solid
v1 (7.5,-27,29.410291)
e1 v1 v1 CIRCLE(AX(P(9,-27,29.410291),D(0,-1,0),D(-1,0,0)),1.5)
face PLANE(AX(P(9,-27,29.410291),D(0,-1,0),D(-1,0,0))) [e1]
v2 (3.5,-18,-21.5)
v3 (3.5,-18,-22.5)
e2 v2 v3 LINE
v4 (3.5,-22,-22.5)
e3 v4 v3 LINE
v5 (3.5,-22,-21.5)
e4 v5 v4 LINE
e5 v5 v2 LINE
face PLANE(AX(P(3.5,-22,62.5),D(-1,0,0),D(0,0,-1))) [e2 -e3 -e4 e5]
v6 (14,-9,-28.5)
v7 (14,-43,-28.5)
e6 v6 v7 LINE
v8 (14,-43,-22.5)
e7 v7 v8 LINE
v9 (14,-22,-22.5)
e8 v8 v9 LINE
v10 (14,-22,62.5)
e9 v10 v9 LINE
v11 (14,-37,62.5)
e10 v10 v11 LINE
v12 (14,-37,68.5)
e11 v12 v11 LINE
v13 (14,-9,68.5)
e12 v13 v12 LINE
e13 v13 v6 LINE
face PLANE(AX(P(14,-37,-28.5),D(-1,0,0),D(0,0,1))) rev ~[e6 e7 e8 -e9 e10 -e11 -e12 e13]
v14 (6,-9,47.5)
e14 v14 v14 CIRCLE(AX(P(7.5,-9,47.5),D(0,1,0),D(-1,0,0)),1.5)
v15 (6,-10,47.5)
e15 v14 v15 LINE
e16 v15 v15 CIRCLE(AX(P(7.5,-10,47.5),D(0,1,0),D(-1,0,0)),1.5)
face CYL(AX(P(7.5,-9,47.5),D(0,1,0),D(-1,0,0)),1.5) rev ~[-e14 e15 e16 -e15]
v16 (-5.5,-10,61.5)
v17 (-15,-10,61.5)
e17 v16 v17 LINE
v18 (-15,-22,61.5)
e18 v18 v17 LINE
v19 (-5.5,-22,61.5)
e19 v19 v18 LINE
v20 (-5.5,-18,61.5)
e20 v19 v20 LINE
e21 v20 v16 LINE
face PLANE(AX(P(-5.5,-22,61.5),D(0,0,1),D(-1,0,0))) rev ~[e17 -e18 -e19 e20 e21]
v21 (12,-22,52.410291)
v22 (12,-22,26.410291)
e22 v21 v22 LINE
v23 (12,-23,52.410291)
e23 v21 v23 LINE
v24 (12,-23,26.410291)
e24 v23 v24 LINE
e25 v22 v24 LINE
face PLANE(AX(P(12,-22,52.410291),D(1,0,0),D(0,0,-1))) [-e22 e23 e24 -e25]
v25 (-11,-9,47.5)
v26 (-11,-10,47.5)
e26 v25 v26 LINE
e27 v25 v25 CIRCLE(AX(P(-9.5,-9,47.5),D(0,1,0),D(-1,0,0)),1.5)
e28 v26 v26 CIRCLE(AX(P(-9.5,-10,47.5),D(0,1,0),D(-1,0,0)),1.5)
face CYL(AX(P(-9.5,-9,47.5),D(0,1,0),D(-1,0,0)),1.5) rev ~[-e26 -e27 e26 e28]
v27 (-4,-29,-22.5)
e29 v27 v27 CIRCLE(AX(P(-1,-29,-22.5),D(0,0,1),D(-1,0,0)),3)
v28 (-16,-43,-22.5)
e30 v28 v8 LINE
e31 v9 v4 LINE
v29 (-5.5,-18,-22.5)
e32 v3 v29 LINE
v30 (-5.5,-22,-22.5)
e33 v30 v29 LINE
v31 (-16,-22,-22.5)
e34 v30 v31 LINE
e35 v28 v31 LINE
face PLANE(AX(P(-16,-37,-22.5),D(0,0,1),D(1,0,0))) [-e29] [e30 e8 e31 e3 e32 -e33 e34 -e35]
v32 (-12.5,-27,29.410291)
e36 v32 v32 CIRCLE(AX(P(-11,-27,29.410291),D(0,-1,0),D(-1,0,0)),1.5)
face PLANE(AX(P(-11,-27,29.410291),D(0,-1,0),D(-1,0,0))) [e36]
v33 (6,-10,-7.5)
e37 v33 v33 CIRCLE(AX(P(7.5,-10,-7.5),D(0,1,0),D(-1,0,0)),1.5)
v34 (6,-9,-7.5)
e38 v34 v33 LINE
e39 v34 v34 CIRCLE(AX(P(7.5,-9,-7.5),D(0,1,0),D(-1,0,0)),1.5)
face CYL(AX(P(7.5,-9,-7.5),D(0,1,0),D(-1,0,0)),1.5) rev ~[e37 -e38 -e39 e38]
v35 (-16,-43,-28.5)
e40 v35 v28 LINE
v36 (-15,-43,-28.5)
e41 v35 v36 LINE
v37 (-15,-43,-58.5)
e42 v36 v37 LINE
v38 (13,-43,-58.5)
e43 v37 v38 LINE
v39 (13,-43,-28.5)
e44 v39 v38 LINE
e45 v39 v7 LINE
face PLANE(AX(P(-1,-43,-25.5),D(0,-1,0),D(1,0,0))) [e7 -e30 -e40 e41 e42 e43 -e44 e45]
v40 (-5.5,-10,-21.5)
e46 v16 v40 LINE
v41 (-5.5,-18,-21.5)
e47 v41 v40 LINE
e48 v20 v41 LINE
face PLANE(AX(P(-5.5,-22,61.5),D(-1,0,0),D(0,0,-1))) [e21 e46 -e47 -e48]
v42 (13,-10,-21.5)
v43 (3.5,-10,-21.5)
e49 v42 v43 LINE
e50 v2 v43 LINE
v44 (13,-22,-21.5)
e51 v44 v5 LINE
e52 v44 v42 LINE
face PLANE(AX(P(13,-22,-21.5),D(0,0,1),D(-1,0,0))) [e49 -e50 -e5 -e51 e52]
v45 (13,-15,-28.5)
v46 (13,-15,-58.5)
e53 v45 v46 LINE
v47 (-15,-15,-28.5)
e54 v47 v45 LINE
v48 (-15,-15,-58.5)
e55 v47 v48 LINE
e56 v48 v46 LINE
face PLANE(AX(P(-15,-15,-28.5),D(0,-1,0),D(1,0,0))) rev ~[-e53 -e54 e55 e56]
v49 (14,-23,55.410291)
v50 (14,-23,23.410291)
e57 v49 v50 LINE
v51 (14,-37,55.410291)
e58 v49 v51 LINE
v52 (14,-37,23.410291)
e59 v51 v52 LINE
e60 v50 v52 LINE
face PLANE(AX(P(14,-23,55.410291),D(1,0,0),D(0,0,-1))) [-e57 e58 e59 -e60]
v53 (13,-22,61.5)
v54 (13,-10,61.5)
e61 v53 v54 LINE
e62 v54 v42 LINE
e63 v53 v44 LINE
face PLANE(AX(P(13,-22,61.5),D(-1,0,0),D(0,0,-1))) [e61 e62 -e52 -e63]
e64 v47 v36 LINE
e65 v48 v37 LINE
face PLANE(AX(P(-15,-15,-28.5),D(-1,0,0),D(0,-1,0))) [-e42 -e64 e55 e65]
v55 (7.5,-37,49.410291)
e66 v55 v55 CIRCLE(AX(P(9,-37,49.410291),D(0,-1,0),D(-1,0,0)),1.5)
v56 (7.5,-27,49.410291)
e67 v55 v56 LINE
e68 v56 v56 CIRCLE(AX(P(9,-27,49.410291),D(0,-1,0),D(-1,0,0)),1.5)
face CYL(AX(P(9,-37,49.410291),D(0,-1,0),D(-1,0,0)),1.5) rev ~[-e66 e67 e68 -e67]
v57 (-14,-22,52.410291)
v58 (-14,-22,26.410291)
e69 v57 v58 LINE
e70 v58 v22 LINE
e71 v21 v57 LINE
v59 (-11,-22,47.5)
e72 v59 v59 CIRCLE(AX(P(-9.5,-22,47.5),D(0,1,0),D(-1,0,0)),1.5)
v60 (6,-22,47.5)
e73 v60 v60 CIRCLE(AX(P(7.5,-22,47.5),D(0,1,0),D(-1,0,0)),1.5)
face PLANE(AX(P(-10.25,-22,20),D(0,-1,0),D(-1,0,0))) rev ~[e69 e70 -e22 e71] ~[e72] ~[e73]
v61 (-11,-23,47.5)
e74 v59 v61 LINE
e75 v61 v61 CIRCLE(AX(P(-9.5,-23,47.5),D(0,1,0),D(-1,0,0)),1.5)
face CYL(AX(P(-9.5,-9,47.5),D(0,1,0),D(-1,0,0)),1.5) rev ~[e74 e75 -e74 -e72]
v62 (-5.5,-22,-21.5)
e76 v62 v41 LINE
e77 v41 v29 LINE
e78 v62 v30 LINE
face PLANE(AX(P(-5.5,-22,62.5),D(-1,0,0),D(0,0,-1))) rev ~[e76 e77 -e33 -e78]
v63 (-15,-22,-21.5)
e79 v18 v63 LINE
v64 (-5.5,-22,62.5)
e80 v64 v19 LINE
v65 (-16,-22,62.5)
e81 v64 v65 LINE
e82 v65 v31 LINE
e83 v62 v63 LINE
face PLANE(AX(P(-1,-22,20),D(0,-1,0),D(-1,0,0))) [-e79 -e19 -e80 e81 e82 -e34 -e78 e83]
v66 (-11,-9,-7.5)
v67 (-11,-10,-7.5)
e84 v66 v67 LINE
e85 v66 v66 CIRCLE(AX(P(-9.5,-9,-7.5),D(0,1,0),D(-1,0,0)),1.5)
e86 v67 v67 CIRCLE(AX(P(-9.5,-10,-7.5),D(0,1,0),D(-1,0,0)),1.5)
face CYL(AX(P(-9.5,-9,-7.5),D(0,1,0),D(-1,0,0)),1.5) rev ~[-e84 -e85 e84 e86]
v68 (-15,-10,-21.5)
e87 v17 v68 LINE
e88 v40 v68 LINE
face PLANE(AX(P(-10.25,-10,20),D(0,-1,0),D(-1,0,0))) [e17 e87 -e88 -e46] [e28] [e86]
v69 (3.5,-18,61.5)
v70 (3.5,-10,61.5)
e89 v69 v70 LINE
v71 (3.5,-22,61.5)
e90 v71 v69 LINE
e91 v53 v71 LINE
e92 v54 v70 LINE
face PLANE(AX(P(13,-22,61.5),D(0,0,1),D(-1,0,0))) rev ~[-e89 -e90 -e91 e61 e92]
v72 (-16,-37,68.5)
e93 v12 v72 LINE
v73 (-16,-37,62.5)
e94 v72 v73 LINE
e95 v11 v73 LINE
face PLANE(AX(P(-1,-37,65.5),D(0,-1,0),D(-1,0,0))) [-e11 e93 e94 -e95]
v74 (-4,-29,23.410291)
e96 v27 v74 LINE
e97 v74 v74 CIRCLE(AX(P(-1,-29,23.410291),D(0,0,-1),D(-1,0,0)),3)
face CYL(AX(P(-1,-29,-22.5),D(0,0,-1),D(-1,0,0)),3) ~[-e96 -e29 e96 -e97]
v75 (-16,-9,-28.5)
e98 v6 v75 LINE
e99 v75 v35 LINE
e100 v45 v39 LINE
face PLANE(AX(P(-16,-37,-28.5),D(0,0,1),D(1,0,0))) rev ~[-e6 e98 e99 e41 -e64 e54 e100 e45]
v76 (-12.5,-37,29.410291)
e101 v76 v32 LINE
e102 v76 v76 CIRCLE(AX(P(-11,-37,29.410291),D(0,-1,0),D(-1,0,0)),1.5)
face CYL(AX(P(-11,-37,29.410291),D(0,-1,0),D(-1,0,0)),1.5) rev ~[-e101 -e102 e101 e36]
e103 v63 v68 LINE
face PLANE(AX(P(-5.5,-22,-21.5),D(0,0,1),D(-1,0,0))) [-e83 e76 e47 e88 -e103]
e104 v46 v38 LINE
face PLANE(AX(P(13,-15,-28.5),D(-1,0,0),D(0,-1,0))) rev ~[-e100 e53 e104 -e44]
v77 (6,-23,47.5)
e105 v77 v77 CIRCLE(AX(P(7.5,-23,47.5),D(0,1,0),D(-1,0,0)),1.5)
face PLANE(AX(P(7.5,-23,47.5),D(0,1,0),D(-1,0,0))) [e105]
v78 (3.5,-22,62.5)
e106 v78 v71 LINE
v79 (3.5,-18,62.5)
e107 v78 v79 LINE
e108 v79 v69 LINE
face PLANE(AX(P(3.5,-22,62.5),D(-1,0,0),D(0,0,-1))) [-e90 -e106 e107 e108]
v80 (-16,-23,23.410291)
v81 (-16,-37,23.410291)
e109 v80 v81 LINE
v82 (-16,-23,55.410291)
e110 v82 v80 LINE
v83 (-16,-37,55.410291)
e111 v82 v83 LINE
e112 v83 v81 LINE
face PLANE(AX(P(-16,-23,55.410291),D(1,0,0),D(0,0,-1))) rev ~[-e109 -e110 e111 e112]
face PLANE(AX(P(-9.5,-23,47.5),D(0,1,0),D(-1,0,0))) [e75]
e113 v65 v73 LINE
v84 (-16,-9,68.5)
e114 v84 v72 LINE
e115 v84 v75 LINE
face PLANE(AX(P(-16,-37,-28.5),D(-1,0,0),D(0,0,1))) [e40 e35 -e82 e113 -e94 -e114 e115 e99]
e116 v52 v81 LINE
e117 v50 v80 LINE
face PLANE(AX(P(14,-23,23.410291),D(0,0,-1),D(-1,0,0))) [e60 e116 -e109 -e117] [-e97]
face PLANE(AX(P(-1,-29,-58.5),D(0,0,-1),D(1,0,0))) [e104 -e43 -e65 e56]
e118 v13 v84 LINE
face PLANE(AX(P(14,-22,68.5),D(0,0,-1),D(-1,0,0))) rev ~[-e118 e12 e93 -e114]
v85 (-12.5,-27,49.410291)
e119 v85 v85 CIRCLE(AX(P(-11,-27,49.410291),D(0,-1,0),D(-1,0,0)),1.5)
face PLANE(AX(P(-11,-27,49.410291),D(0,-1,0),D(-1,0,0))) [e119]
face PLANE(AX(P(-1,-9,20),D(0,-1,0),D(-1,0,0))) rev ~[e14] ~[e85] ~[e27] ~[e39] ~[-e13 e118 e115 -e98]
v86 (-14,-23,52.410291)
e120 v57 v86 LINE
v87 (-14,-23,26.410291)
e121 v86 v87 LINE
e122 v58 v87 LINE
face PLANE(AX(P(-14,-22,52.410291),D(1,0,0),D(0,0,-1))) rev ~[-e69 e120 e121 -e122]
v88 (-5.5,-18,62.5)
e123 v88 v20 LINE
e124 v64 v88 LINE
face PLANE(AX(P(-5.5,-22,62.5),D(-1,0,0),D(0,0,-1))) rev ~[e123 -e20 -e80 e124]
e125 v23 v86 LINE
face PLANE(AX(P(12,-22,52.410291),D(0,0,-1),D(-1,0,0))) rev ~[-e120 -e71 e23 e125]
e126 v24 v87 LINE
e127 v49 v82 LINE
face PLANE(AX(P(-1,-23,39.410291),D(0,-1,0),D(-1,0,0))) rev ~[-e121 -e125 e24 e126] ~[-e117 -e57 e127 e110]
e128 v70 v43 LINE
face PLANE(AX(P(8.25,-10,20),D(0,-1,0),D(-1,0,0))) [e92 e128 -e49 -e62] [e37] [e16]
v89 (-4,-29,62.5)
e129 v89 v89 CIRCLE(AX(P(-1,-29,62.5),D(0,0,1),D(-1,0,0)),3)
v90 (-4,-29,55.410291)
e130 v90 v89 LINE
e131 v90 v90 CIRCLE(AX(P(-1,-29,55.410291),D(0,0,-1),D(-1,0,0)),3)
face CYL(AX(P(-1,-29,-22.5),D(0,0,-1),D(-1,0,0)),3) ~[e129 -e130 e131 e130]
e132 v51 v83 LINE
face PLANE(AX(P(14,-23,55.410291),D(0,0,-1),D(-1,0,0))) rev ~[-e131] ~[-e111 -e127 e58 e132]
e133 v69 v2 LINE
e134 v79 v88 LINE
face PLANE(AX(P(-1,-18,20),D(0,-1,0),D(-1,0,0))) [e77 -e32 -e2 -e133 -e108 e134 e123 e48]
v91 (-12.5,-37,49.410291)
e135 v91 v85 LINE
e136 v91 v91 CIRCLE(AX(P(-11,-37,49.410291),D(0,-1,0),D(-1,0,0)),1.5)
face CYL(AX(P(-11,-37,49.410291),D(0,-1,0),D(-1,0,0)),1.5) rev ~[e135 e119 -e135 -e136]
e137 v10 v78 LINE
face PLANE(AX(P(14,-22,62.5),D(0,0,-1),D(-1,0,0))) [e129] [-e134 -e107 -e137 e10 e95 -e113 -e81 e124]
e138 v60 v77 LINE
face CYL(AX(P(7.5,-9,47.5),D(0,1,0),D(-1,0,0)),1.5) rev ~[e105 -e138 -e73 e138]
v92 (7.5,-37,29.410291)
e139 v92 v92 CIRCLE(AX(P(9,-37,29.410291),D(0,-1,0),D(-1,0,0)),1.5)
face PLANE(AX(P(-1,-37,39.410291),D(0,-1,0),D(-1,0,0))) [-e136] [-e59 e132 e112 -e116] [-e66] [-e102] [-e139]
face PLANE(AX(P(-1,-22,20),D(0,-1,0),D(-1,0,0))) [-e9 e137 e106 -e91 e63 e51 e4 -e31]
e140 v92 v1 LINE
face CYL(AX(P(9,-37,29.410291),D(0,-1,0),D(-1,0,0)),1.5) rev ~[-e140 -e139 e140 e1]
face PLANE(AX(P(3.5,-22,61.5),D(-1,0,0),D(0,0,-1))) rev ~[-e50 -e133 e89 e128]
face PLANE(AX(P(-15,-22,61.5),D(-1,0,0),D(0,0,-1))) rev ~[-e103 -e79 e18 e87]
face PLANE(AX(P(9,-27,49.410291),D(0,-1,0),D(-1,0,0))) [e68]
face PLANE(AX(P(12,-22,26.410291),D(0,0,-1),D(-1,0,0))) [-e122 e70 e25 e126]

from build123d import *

# Parameters (mm, degrees)
SKETCH_W                = 30
SKETCH_H                = 97
PAD_DEPTH               = 13
SKETCH001_W             = 30
SKETCH001_H             = 6
PAD001_DEPTH            = 15
PAD001_FACE5_W          = 30
PAD001_FACE5_H          = 6
PAD002_DEPTH            = 6
SKETCH002_W             = 28
SKETCH002_H             = 28
PAD003_DEPTH            = 30
SKETCH003_W             = 26
SKETCH003_H             = 26
PAD004_DEPTH            = 1
SKETCH004_W             = 30
SKETCH004_H             = 32
PAD005_DEPTH            = 14
SKETCH005_R             = 1.5
POCKET_DEPTH            = 10
SKETCH006_R             = 3
PAD006_DEPTH            = 85
SKETCH007_W             = 9
SKETCH007_H             = 85
POCKET001_DEPTH         = 4
SKETCH008_R             = 1.5
POCKET002_DEPTH         = 14
SKETCH028_W             = 9.5
SKETCH028_H             = 83
POCKET007_DEPTH         = 12
SKETCH029_W             = 9.5
SKETCH029_H             = 83
POCKET008_DEPTH         = 12
BODY001_PLACEMENT_ANGLE = 180


with BuildPart() as part:
    # Sketch → Pad (new body)
    with BuildSketch(Plane.XZ):
        Rectangle(SKETCH_W, SKETCH_H)
    extrude(amount=PAD_DEPTH)

    # Sketch001 (on Face6 of Pad) → Pad001 (join)
    with BuildSketch(Plane.XZ.offset(13)):
        with Locations((0, -45.5)):
            Rectangle(SKETCH001_W, SKETCH001_H)
        with Locations((0, 45.5)):
            Rectangle(SKETCH001_W, SKETCH001_H)
    extrude(amount=PAD001_DEPTH)

    # Pad001 Face5 → Pad002 (add)
    with BuildSketch(Plane(origin=(0, -28, 45.5), x_dir=(-1, 0, 0), z_dir=(0, -1, 0))):
        Rectangle(PAD001_FACE5_W, PAD001_FACE5_H)
    extrude(amount=PAD002_DEPTH)

    # Sketch002 (on Face8 of Pad002) → Pad003 (join)
    with BuildSketch(Plane(origin=(0, 0, 48.5), x_dir=(-1, 0, 0), z_dir=(0, 0, 1))):
        with Locations((0, 20)):
            Rectangle(SKETCH002_W, SKETCH002_H)
    extrude(amount=PAD003_DEPTH)

    # Sketch003 (on Face1 of Pad003) → Pad004 (join)
    with BuildSketch(Plane.XZ.offset(13)):
        with Locations((0, -19.410291)):
            Rectangle(SKETCH003_W, SKETCH003_H)
    extrude(amount=PAD004_DEPTH)

    # Sketch004 (on Face15 of Pad004) → Pad005 (join)
    with BuildSketch(Plane.XZ.offset(14)):
        with Locations((0, -19.410291)):
            Rectangle(SKETCH004_W, SKETCH004_H)
    extrude(amount=PAD005_DEPTH)

    # Sketch005 (on Face24 of Pad005) → Pocket (cut)
    with BuildSketch(Plane.XZ.offset(28)):
        with Locations((-10, -9.410291)):
            Circle(SKETCH005_R)
        with Locations((10, -9.410291)):
            Circle(SKETCH005_R)
        with Locations((10, -29.410291)):
            Circle(SKETCH005_R)
        with Locations((-10, -29.410291)):
            Circle(SKETCH005_R)
    extrude(amount=-POCKET_DEPTH, mode=Mode.SUBTRACT)

    # Sketch006 (on Face5 of Pocket) → Pad006 (join)
    with BuildSketch(Plane(origin=(0, 0, 42.5), x_dir=(1, 0, 0), z_dir=(0, 0, -1))):
        with Locations((0, 20)):
            Circle(SKETCH006_R)
    extrude(amount=PAD006_DEPTH)

    # Sketch007 (on Face1 of Pad006) → Pocket001 (cut)
    with BuildSketch(Plane.XZ.offset(13)):
        Rectangle(SKETCH007_W, SKETCH007_H)
    extrude(amount=-POCKET001_DEPTH, mode=Mode.SUBTRACT)

    # Sketch008 (on Face8 of Pocket001) → Pocket002 (cut)
    with BuildSketch(Plane(origin=(0, 0, 0), x_dir=(1, 0, 0), z_dir=(0, 1, 0))):
        with Locations((-8.5, 27.5)):
            Circle(SKETCH008_R)
        with Locations((8.5, 27.5)):
            Circle(SKETCH008_R)
        with Locations((8.5, -27.5)):
            Circle(SKETCH008_R)
        with Locations((-8.5, -27.5)):
            Circle(SKETCH008_R)
    extrude(amount=-POCKET002_DEPTH, mode=Mode.SUBTRACT)

    # Sketch028 (on Face17 of Pocket002) → Pocket007 (cut)
    with BuildSketch(Plane.XZ.offset(13)):
        with Locations((-9.25, 0)):
            Rectangle(SKETCH028_W, SKETCH028_H)
    extrude(amount=-POCKET007_DEPTH, mode=Mode.SUBTRACT)

    # Sketch029 (on Face1 of Pocket007) → Pocket008 (cut)
    with BuildSketch(Plane.XZ.offset(13)):
        with Locations((9.25, 0)):
            Rectangle(SKETCH029_W, SKETCH029_H)
    extrude(amount=-POCKET008_DEPTH, mode=Mode.SUBTRACT)


with BuildPart() as part_1:
    # Body001 placement: moved
    add(part.part.moved(Location((-1, -9, 20))).rotate(Axis((-1, -9, 20), (0, 1, 0)), BODY001_PLACEMENT_ANGLE))


solid = part_1.part
